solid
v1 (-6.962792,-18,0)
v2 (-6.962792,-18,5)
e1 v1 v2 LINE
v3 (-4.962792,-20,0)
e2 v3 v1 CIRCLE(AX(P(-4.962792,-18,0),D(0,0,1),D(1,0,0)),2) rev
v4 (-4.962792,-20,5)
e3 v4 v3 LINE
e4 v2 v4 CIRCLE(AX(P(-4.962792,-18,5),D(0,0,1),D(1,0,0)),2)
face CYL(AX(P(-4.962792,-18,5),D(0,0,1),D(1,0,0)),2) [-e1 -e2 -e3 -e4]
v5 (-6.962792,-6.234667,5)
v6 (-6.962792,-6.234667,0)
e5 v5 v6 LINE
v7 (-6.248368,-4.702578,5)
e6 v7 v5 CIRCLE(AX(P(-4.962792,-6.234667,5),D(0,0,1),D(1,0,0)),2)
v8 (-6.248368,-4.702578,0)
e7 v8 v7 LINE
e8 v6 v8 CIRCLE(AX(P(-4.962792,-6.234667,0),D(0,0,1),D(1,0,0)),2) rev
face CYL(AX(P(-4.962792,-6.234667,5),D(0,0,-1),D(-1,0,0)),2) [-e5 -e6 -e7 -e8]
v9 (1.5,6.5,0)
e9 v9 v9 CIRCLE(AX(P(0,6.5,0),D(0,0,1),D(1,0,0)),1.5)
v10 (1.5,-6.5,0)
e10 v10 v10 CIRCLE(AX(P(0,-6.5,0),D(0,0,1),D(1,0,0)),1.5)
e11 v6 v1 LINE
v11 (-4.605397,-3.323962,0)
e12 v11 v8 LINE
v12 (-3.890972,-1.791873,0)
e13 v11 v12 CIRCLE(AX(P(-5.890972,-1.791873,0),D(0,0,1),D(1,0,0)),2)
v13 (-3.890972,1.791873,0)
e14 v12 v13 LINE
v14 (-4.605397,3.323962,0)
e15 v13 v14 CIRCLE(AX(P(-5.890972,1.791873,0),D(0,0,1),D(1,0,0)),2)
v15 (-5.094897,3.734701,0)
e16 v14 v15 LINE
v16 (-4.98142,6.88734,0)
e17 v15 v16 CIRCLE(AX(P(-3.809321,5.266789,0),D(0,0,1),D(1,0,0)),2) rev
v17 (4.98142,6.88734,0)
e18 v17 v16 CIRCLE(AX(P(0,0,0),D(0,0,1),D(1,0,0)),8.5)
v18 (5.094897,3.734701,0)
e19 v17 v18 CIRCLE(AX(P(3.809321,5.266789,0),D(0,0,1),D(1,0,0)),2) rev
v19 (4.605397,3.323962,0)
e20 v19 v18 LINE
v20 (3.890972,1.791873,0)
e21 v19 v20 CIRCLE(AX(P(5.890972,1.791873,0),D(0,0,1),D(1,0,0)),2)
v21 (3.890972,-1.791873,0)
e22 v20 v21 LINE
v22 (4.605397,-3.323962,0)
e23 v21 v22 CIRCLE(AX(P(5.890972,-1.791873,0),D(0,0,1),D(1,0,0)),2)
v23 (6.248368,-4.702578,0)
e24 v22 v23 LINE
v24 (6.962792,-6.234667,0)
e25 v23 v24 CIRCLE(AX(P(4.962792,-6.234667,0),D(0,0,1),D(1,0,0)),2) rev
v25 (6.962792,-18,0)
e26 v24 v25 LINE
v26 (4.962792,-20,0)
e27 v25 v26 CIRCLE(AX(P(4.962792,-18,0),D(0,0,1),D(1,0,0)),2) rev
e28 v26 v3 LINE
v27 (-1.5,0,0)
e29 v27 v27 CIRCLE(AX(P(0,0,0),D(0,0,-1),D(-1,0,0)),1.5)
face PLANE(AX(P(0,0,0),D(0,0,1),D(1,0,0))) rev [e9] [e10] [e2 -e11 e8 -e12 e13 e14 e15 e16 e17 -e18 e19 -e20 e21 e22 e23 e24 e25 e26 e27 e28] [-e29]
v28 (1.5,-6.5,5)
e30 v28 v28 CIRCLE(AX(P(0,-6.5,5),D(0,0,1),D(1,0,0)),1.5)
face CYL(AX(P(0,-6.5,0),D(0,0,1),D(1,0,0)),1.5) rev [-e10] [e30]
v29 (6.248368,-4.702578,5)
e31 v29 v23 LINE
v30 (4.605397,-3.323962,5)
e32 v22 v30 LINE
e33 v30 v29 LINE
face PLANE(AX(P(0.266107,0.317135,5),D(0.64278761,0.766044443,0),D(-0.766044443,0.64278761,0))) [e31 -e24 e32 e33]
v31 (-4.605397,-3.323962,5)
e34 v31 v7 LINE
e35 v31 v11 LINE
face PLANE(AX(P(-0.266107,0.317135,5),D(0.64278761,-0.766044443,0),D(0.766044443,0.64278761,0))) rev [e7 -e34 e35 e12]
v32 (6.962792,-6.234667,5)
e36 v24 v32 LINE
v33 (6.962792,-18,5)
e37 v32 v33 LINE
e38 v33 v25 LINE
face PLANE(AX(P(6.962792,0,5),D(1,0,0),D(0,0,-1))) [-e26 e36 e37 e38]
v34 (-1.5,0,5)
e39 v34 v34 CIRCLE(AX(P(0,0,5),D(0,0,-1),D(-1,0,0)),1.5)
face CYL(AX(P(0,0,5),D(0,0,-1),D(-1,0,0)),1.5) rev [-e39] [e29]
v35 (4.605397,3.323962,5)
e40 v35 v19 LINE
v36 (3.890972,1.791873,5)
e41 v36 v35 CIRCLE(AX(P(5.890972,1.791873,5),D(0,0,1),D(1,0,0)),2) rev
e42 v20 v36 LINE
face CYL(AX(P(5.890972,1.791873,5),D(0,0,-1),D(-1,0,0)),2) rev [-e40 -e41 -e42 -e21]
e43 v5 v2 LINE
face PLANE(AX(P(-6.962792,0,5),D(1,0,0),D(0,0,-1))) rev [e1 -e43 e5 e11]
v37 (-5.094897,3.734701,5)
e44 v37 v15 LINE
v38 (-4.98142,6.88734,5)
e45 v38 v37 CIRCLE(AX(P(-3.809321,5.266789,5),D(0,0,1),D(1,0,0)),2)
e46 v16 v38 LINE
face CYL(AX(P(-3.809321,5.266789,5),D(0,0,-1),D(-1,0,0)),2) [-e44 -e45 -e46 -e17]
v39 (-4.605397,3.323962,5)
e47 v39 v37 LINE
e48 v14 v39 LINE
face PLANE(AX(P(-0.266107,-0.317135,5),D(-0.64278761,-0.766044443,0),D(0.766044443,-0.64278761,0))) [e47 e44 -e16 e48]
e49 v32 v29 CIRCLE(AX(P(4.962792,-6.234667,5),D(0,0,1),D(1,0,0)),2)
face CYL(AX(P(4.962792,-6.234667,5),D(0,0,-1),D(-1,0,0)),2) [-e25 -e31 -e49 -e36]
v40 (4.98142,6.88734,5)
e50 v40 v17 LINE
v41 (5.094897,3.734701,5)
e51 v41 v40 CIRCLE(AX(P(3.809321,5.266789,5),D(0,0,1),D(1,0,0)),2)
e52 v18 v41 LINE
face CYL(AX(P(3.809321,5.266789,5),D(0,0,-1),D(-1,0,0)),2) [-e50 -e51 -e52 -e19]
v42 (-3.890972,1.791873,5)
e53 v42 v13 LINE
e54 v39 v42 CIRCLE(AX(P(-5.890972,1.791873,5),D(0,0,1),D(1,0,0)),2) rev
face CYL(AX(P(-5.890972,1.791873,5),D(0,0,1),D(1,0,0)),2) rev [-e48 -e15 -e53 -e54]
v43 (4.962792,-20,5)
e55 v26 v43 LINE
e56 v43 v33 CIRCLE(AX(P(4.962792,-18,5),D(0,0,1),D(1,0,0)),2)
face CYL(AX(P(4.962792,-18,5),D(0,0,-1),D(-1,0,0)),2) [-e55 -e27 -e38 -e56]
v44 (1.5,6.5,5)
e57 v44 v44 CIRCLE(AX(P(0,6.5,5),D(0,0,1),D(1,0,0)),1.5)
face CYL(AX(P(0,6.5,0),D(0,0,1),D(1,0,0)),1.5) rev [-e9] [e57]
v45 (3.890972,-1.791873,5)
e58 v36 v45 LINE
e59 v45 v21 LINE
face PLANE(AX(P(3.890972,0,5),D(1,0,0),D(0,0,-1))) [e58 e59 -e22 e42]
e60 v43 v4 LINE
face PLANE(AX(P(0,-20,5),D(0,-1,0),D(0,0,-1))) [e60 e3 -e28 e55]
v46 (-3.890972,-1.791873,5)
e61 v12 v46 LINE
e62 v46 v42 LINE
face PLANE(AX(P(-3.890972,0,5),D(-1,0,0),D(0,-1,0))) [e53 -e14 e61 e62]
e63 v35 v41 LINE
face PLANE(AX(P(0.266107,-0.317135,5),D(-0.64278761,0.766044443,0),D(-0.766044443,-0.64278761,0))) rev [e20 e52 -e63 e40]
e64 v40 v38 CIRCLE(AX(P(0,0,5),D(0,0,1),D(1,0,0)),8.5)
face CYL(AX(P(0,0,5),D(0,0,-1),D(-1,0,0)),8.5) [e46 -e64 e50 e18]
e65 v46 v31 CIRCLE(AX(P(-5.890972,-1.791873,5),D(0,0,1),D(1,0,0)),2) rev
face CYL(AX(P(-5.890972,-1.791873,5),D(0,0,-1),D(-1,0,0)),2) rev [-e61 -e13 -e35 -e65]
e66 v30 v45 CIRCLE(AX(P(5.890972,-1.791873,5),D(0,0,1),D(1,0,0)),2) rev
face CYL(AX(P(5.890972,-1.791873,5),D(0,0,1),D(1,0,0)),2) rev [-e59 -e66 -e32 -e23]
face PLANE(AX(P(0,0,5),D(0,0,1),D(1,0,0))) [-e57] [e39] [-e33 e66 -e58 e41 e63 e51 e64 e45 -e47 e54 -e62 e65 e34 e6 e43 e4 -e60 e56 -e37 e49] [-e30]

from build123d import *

# Parameters (mm, degrees)
SKETCH_1_R          = 8.5
EXTRUDE_1_DEPTH     = 5
SKETCH_2_R          = 1.5
CUT_EXTRUDE_1_DEPTH = 5
CUT_EXTRUDE_2_DEPTH = 14.019216566
EXTRUDE_2_DEPTH     = 5
SKETCH_6_R          = 1.5
CUT_EXTRUDE_3_DEPTH = 22.759606561
FILLET_2_R          = 2


with BuildPart() as part:
    # 草图1 → 凸台-拉伸1 (new body)
    with BuildSketch(Plane.XY):
        Circle(SKETCH_1_R)
    extrude(amount=EXTRUDE_1_DEPTH)

    # 草图2 → 切除-拉伸1 (cut)
    with BuildSketch(Plane.XY.offset(5)):
        with Locations((0, 6.5)):
            Circle(SKETCH_2_R)
        with Locations((0, -6.5)):
            Circle(SKETCH_2_R)
    extrude(amount=-CUT_EXTRUDE_1_DEPTH, mode=Mode.SUBTRACT)

    # 草图3 → 切除-拉伸2 (cut, through all)
    with BuildSketch(Plane(origin=(0, 0, 0), x_dir=(-1, 0, 0), z_dir=(0, 0, -1))):
        with BuildLine():
            ThreePointArc((3.89097221, 2.724488073), (4.530155516, 1.428352548), (4.75, 0))
            Line((4.75, 0), (8.5, 0))
            ThreePointArc((8.5, 0), (8.106594081, 2.555999296), (6.962792376, 4.875399709))
            Line((6.962792376, 4.875399709), (3.89097221, 2.724488073))
        make_face()
        with BuildLine():
            Line((8.5, 0), (4.75, 0))
            ThreePointArc((4.75, 0), (4.530155516, -1.428352548), (3.89097221, -2.724488073))
            Line((3.89097221, -2.724488073), (6.962792376, -4.875399709))
            ThreePointArc((6.962792376, -4.875399709), (8.106594081, -2.555999296), (8.5, 0))
        make_face()
    cut_extrude_2 = extrude(amount=-CUT_EXTRUDE_2_DEPTH, mode=Mode.SUBTRACT)

    # 镜向1: 切除-拉伸2 across plane
    add(cut_extrude_2.mirror(Plane(origin=(0, 0, 0), x_dir=(0, 0, 1), z_dir=(1, 0, 0))), mode=Mode.SUBTRACT)


with BuildPart() as body_2:
    # 草图4 → 凸台-拉伸2 (new body)
    with BuildSketch(Plane(origin=(0, 0, 0), x_dir=(-1, 0, 0), z_dir=(0, 0, -1))):
        with BuildLine():
            ThreePointArc((6.962792376, -4.875399709), (0, -8.5), (-6.962792376, -4.875399709))
            Line((-6.962792376, -4.875399709), (-6.962792376, -20))
            Line((-6.962792376, -20), (6.962792376, -20))
            Line((6.962792376, -20), (6.962792376, -4.875399709))
        make_face()
    extrude(amount=-EXTRUDE_2_DEPTH)


with BuildPart() as part_1:
    add(part.part)

    # Combine 1: union body 2
    add(body_2.part)

    # 草图6 → 切除-拉伸3 (cut, through all)
    with BuildSketch(Plane(origin=(0, 0, 0), x_dir=(-1, 0, 0), z_dir=(0, 0, -1))):
        with BuildLine():
            Line((-6.962792376, 4.875399709), (-3.89097221, 2.724488073))
            Line((-3.89097221, 2.724488073), (-6.769757712, 5.140075925))
            ThreePointArc((-6.769757712, 5.140075925), (-6.867550244, 5.008667851), (-6.962792376, 4.875399709))
        make_face()
        with BuildLine():
            Line((-3.89097221, -2.724488073), (-3.89097221, 2.724488073))
            ThreePointArc((-3.89097221, 2.724488073), (-4.75, 0), (-3.89097221, -2.724488073))
        make_face()
        Polygon((-6.962792376, -5.302051241), (-3.89097221, -2.724488073), (-6.962792376, -4.875399709), align=None)
        with BuildLine():
            ThreePointArc((6.962792376, 4.875399709), (6.867550244, 5.008667851), (6.769757712, 5.140075925))
            Line((6.769757712, 5.140075925), (3.89097221, 2.724488073))
            Line((3.89097221, 2.724488073), (6.962792376, 4.875399709))
        make_face()
        with BuildLine():
            ThreePointArc((3.89097221, -2.724488073), (4.75, 0), (3.89097221, 2.724488073))
            Line((3.89097221, 2.724488073), (3.89097221, -2.724488073))
        make_face()
        Polygon((6.962792376, -4.875399709), (3.89097221, -2.724488073), (6.962792376, -5.302051241), align=None)
        Circle(SKETCH_6_R)
    extrude(amount=-CUT_EXTRUDE_3_DEPTH, mode=Mode.SUBTRACT)

    # 圆角2
    fillet_2_edges = [part_1.edges().sort_by_distance(p)[0] for p in [
        (-6.769757712, 5.140075925, 2.5),
        (6.769757712, 5.140075925, 2.5),
        (-3.89097221, -2.724488073, 2.5),
        (-3.89097221, 2.724488073, 2.5),
        (3.89097221, 2.724488073, 2.5),
        (3.89097221, -2.724488073, 2.5),
        (-6.962792376, -20, 2.5),
        (6.962792376, -20, 2.5),
        (6.962792376, -5.302051241, 2.5),
        (-6.962792376, -5.302051241, 2.5),
    ]]
    fillet(fillet_2_edges, radius=FILLET_2_R)


solid = part_1.part
